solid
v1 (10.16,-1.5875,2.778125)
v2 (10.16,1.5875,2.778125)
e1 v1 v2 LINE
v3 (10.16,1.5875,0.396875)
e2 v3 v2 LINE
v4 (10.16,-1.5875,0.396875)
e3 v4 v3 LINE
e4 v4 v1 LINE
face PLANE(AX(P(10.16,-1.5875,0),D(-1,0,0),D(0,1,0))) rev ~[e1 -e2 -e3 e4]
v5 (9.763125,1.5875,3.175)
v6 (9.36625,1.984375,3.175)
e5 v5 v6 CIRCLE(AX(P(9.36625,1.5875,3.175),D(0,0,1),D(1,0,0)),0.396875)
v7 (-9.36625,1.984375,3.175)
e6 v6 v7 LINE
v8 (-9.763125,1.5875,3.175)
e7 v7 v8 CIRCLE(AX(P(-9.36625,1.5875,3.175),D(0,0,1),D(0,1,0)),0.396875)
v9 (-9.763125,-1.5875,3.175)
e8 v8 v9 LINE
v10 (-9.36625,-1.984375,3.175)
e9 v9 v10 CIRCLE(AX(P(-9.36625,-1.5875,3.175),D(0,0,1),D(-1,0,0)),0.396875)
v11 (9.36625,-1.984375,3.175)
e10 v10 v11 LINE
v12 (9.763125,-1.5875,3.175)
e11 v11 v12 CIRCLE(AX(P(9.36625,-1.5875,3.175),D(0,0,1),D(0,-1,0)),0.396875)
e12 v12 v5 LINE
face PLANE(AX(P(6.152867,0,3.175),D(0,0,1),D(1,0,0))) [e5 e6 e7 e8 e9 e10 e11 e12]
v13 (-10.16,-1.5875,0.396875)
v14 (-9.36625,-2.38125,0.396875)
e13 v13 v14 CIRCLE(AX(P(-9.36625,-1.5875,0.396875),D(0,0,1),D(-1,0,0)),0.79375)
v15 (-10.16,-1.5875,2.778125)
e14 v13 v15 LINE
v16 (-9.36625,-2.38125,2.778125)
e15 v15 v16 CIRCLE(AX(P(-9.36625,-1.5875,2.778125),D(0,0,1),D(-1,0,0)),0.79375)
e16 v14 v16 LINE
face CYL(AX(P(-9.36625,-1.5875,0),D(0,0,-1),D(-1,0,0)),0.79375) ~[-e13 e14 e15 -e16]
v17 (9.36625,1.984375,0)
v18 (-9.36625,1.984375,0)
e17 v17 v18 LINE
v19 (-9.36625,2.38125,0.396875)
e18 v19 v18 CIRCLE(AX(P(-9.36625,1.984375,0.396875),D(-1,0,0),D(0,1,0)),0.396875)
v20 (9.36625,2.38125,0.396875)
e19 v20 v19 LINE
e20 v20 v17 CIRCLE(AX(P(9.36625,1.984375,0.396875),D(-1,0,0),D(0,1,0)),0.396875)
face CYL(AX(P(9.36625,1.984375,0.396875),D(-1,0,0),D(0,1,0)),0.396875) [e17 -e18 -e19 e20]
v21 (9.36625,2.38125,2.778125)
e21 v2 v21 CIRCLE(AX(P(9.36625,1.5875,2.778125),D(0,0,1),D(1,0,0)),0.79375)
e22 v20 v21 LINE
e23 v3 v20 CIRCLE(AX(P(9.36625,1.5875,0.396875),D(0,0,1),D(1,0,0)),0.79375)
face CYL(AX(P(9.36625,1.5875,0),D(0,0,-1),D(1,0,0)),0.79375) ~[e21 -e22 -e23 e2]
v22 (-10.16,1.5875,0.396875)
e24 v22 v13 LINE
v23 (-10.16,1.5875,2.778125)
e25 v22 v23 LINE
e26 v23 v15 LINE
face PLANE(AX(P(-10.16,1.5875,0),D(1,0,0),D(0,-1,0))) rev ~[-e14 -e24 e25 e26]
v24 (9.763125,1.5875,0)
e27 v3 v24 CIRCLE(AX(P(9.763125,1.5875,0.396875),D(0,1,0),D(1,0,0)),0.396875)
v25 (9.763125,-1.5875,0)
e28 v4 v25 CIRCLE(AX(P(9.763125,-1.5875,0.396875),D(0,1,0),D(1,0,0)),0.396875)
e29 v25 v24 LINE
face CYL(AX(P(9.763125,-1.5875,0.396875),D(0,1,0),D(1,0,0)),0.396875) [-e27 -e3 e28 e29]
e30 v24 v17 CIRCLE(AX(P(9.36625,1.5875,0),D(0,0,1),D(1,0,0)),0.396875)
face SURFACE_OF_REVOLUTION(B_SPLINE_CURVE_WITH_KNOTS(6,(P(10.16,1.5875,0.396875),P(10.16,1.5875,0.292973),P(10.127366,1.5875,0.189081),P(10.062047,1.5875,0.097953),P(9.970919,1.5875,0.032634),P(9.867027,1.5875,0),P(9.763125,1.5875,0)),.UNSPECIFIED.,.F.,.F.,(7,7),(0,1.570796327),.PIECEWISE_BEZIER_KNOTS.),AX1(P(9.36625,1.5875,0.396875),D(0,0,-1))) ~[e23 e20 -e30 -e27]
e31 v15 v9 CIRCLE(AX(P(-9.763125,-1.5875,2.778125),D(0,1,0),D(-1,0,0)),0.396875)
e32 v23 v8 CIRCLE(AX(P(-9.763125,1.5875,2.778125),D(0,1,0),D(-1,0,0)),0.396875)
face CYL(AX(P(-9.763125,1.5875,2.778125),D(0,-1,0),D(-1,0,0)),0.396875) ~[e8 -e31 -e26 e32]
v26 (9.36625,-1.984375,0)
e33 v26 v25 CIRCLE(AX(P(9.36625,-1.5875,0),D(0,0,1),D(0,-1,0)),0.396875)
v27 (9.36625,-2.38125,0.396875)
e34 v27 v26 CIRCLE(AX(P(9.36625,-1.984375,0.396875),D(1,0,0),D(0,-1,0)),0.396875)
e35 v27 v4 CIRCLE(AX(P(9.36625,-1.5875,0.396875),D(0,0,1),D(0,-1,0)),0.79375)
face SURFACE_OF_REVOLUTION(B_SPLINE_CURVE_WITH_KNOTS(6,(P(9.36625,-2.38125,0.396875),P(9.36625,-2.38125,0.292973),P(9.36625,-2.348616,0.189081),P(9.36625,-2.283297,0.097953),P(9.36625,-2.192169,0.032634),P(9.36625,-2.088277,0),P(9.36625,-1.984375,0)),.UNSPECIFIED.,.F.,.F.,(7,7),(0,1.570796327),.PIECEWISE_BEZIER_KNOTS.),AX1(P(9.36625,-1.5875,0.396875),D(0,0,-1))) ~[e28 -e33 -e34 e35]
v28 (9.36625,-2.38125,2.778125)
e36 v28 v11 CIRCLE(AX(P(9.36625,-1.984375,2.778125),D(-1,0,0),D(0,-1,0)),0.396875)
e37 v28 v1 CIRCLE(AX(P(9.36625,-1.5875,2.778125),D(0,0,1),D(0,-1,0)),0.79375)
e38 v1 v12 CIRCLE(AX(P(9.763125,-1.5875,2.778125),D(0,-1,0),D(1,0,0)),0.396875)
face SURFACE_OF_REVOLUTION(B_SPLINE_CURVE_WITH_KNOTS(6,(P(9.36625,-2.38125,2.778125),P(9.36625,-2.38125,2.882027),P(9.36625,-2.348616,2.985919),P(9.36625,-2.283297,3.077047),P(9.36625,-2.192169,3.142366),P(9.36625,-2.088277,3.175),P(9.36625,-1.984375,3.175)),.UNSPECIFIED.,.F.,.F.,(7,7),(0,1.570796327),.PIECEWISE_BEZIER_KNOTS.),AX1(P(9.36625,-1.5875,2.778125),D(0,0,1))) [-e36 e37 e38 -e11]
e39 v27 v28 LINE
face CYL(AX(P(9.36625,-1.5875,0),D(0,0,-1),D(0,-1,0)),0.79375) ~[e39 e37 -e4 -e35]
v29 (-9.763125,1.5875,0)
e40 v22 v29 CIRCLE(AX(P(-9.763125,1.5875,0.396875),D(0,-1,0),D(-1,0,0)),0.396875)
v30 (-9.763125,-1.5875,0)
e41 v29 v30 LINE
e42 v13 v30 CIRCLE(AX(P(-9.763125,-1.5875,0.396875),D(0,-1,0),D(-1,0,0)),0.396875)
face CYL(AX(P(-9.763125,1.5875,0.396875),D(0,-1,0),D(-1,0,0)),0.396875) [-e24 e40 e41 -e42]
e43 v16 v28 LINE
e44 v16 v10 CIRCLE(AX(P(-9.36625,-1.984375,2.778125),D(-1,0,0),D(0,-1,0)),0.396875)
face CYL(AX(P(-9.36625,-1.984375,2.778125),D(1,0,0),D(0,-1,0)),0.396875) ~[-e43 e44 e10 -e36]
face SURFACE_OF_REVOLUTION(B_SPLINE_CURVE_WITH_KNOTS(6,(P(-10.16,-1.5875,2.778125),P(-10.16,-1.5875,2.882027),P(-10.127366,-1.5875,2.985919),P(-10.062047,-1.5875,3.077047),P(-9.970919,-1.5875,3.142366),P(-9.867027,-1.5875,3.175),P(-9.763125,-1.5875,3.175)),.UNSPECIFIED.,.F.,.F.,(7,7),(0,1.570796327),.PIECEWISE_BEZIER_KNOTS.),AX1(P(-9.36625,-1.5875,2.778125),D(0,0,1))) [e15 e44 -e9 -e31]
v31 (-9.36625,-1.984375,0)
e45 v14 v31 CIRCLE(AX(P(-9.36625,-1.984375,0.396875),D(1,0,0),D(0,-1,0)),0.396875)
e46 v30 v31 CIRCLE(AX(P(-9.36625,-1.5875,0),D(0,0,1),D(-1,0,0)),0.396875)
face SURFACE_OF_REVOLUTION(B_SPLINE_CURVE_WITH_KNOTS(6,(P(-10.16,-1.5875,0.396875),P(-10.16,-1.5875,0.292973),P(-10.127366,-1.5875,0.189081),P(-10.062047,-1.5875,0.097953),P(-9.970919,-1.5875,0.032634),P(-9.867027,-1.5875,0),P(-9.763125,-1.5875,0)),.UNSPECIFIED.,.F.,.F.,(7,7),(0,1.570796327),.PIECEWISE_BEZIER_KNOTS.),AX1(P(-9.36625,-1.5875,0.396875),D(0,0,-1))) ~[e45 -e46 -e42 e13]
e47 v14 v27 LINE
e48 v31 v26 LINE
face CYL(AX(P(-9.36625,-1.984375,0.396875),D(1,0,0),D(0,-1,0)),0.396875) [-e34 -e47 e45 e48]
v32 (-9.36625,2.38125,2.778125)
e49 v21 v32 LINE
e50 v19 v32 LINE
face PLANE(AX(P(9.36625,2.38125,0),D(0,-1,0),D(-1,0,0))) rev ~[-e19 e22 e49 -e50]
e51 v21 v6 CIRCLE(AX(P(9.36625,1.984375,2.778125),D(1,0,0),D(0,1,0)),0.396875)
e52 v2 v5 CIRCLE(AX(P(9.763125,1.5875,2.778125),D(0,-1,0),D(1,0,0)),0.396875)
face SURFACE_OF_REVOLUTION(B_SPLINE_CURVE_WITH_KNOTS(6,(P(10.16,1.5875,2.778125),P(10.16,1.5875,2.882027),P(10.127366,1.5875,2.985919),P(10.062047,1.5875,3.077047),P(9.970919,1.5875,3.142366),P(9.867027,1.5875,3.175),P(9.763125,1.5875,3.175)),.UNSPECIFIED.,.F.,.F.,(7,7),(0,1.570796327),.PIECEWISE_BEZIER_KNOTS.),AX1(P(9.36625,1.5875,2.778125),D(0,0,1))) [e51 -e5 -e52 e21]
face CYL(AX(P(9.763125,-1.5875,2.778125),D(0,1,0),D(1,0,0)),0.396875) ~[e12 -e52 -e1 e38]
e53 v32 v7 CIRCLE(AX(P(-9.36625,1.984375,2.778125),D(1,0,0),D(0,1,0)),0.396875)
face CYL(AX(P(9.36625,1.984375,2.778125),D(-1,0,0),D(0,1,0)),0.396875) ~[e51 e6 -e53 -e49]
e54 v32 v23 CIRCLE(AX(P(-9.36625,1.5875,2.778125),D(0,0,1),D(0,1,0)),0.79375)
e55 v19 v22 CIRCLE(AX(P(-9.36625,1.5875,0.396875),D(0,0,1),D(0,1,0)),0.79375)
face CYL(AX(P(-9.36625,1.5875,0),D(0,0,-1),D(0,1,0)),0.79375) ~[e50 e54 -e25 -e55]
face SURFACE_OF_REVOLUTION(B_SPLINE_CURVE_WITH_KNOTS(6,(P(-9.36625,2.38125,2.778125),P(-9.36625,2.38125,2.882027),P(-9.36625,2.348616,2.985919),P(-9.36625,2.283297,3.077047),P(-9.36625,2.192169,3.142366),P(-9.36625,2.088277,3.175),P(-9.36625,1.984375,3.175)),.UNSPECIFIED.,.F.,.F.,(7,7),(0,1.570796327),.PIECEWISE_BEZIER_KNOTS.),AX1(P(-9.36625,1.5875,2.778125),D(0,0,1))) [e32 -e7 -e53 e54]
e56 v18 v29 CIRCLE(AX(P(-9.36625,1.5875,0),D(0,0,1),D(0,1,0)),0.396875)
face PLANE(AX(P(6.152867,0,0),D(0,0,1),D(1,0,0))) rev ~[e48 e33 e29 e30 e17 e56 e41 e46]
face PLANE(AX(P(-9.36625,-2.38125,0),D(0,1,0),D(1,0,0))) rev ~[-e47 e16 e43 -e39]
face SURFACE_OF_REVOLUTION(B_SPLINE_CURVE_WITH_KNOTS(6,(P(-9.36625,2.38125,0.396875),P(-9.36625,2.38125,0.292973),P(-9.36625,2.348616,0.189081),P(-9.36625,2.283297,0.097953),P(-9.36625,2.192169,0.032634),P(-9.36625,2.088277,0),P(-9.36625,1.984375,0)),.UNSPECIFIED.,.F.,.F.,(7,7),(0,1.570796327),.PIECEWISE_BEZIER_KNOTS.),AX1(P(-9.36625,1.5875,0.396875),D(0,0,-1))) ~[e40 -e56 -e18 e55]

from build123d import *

# Parameters (mm, degrees)
F0_W     = 4.7625
F0_H     = 4.7625
F1_DEPTH = 3.175
F2_R     = 0.396875


with BuildPart() as f1:
    # F0 (on Top) → F1 (new body)
    with BuildSketch(Plane.XY):
        with BuildLine():
            Line((9.36625, 2.38125), (2.38125, 2.38125))
            Line((2.38125, 2.38125), (2.38125, -2.38125))
            Line((2.38125, -2.38125), (9.36625, -2.38125))
            ThreePointArc((9.36625, -2.38125), (9.9275160076, -2.1487660076), (10.16, -1.5875))
            Line((10.16, -1.5875), (10.16, 1.5875))
            ThreePointArc((10.16, 1.5875), (9.9275160076, 2.1487660076), (9.36625, 2.38125))
        make_face()
        Rectangle(F0_W, F0_H)
        with BuildLine():
            Line((-2.38125, -2.38125), (-2.38125, 2.38125))
            Line((-2.38125, 2.38125), (-9.36625, 2.38125))
            ThreePointArc((-9.36625, 2.38125), (-9.9275160076, 2.1487660076), (-10.16, 1.5875))
            Line((-10.16, 1.5875), (-10.16, -1.5875))
            ThreePointArc((-10.16, -1.5875), (-9.9275160076, -2.1487660076), (-9.36625, -2.38125))
            Line((-9.36625, -2.38125), (-2.38125, -2.38125))
        make_face()
    extrude(amount=F1_DEPTH)

    # F2
    f2_edges = [f1.edges().sort_by_distance(p)[0] for p in [
        (0, 2.38125, 3.175),
        (-9.927516, 2.148766, 3.175),
        (-10.16, 0, 3.175),
        (-9.927516, -2.148766, 3.175),
        (0, -2.38125, 3.175),
        (9.927516, -2.148766, 3.175),
        (10.16, 0, 3.175),
        (9.927516, 2.148766, 3.175),
        (0, 2.38125, 0),
        (-9.927516, 2.148766, 0),
        (-10.16, 0, 0),
        (-9.927516, -2.148766, 0),
        (0, -2.38125, 0),
        (9.927516, -2.148766, 0),
        (10.16, 0, 0),
        (9.927516, 2.148766, 0),
    ]]
    fillet(f2_edges, radius=F2_R)


solid = f1.part
